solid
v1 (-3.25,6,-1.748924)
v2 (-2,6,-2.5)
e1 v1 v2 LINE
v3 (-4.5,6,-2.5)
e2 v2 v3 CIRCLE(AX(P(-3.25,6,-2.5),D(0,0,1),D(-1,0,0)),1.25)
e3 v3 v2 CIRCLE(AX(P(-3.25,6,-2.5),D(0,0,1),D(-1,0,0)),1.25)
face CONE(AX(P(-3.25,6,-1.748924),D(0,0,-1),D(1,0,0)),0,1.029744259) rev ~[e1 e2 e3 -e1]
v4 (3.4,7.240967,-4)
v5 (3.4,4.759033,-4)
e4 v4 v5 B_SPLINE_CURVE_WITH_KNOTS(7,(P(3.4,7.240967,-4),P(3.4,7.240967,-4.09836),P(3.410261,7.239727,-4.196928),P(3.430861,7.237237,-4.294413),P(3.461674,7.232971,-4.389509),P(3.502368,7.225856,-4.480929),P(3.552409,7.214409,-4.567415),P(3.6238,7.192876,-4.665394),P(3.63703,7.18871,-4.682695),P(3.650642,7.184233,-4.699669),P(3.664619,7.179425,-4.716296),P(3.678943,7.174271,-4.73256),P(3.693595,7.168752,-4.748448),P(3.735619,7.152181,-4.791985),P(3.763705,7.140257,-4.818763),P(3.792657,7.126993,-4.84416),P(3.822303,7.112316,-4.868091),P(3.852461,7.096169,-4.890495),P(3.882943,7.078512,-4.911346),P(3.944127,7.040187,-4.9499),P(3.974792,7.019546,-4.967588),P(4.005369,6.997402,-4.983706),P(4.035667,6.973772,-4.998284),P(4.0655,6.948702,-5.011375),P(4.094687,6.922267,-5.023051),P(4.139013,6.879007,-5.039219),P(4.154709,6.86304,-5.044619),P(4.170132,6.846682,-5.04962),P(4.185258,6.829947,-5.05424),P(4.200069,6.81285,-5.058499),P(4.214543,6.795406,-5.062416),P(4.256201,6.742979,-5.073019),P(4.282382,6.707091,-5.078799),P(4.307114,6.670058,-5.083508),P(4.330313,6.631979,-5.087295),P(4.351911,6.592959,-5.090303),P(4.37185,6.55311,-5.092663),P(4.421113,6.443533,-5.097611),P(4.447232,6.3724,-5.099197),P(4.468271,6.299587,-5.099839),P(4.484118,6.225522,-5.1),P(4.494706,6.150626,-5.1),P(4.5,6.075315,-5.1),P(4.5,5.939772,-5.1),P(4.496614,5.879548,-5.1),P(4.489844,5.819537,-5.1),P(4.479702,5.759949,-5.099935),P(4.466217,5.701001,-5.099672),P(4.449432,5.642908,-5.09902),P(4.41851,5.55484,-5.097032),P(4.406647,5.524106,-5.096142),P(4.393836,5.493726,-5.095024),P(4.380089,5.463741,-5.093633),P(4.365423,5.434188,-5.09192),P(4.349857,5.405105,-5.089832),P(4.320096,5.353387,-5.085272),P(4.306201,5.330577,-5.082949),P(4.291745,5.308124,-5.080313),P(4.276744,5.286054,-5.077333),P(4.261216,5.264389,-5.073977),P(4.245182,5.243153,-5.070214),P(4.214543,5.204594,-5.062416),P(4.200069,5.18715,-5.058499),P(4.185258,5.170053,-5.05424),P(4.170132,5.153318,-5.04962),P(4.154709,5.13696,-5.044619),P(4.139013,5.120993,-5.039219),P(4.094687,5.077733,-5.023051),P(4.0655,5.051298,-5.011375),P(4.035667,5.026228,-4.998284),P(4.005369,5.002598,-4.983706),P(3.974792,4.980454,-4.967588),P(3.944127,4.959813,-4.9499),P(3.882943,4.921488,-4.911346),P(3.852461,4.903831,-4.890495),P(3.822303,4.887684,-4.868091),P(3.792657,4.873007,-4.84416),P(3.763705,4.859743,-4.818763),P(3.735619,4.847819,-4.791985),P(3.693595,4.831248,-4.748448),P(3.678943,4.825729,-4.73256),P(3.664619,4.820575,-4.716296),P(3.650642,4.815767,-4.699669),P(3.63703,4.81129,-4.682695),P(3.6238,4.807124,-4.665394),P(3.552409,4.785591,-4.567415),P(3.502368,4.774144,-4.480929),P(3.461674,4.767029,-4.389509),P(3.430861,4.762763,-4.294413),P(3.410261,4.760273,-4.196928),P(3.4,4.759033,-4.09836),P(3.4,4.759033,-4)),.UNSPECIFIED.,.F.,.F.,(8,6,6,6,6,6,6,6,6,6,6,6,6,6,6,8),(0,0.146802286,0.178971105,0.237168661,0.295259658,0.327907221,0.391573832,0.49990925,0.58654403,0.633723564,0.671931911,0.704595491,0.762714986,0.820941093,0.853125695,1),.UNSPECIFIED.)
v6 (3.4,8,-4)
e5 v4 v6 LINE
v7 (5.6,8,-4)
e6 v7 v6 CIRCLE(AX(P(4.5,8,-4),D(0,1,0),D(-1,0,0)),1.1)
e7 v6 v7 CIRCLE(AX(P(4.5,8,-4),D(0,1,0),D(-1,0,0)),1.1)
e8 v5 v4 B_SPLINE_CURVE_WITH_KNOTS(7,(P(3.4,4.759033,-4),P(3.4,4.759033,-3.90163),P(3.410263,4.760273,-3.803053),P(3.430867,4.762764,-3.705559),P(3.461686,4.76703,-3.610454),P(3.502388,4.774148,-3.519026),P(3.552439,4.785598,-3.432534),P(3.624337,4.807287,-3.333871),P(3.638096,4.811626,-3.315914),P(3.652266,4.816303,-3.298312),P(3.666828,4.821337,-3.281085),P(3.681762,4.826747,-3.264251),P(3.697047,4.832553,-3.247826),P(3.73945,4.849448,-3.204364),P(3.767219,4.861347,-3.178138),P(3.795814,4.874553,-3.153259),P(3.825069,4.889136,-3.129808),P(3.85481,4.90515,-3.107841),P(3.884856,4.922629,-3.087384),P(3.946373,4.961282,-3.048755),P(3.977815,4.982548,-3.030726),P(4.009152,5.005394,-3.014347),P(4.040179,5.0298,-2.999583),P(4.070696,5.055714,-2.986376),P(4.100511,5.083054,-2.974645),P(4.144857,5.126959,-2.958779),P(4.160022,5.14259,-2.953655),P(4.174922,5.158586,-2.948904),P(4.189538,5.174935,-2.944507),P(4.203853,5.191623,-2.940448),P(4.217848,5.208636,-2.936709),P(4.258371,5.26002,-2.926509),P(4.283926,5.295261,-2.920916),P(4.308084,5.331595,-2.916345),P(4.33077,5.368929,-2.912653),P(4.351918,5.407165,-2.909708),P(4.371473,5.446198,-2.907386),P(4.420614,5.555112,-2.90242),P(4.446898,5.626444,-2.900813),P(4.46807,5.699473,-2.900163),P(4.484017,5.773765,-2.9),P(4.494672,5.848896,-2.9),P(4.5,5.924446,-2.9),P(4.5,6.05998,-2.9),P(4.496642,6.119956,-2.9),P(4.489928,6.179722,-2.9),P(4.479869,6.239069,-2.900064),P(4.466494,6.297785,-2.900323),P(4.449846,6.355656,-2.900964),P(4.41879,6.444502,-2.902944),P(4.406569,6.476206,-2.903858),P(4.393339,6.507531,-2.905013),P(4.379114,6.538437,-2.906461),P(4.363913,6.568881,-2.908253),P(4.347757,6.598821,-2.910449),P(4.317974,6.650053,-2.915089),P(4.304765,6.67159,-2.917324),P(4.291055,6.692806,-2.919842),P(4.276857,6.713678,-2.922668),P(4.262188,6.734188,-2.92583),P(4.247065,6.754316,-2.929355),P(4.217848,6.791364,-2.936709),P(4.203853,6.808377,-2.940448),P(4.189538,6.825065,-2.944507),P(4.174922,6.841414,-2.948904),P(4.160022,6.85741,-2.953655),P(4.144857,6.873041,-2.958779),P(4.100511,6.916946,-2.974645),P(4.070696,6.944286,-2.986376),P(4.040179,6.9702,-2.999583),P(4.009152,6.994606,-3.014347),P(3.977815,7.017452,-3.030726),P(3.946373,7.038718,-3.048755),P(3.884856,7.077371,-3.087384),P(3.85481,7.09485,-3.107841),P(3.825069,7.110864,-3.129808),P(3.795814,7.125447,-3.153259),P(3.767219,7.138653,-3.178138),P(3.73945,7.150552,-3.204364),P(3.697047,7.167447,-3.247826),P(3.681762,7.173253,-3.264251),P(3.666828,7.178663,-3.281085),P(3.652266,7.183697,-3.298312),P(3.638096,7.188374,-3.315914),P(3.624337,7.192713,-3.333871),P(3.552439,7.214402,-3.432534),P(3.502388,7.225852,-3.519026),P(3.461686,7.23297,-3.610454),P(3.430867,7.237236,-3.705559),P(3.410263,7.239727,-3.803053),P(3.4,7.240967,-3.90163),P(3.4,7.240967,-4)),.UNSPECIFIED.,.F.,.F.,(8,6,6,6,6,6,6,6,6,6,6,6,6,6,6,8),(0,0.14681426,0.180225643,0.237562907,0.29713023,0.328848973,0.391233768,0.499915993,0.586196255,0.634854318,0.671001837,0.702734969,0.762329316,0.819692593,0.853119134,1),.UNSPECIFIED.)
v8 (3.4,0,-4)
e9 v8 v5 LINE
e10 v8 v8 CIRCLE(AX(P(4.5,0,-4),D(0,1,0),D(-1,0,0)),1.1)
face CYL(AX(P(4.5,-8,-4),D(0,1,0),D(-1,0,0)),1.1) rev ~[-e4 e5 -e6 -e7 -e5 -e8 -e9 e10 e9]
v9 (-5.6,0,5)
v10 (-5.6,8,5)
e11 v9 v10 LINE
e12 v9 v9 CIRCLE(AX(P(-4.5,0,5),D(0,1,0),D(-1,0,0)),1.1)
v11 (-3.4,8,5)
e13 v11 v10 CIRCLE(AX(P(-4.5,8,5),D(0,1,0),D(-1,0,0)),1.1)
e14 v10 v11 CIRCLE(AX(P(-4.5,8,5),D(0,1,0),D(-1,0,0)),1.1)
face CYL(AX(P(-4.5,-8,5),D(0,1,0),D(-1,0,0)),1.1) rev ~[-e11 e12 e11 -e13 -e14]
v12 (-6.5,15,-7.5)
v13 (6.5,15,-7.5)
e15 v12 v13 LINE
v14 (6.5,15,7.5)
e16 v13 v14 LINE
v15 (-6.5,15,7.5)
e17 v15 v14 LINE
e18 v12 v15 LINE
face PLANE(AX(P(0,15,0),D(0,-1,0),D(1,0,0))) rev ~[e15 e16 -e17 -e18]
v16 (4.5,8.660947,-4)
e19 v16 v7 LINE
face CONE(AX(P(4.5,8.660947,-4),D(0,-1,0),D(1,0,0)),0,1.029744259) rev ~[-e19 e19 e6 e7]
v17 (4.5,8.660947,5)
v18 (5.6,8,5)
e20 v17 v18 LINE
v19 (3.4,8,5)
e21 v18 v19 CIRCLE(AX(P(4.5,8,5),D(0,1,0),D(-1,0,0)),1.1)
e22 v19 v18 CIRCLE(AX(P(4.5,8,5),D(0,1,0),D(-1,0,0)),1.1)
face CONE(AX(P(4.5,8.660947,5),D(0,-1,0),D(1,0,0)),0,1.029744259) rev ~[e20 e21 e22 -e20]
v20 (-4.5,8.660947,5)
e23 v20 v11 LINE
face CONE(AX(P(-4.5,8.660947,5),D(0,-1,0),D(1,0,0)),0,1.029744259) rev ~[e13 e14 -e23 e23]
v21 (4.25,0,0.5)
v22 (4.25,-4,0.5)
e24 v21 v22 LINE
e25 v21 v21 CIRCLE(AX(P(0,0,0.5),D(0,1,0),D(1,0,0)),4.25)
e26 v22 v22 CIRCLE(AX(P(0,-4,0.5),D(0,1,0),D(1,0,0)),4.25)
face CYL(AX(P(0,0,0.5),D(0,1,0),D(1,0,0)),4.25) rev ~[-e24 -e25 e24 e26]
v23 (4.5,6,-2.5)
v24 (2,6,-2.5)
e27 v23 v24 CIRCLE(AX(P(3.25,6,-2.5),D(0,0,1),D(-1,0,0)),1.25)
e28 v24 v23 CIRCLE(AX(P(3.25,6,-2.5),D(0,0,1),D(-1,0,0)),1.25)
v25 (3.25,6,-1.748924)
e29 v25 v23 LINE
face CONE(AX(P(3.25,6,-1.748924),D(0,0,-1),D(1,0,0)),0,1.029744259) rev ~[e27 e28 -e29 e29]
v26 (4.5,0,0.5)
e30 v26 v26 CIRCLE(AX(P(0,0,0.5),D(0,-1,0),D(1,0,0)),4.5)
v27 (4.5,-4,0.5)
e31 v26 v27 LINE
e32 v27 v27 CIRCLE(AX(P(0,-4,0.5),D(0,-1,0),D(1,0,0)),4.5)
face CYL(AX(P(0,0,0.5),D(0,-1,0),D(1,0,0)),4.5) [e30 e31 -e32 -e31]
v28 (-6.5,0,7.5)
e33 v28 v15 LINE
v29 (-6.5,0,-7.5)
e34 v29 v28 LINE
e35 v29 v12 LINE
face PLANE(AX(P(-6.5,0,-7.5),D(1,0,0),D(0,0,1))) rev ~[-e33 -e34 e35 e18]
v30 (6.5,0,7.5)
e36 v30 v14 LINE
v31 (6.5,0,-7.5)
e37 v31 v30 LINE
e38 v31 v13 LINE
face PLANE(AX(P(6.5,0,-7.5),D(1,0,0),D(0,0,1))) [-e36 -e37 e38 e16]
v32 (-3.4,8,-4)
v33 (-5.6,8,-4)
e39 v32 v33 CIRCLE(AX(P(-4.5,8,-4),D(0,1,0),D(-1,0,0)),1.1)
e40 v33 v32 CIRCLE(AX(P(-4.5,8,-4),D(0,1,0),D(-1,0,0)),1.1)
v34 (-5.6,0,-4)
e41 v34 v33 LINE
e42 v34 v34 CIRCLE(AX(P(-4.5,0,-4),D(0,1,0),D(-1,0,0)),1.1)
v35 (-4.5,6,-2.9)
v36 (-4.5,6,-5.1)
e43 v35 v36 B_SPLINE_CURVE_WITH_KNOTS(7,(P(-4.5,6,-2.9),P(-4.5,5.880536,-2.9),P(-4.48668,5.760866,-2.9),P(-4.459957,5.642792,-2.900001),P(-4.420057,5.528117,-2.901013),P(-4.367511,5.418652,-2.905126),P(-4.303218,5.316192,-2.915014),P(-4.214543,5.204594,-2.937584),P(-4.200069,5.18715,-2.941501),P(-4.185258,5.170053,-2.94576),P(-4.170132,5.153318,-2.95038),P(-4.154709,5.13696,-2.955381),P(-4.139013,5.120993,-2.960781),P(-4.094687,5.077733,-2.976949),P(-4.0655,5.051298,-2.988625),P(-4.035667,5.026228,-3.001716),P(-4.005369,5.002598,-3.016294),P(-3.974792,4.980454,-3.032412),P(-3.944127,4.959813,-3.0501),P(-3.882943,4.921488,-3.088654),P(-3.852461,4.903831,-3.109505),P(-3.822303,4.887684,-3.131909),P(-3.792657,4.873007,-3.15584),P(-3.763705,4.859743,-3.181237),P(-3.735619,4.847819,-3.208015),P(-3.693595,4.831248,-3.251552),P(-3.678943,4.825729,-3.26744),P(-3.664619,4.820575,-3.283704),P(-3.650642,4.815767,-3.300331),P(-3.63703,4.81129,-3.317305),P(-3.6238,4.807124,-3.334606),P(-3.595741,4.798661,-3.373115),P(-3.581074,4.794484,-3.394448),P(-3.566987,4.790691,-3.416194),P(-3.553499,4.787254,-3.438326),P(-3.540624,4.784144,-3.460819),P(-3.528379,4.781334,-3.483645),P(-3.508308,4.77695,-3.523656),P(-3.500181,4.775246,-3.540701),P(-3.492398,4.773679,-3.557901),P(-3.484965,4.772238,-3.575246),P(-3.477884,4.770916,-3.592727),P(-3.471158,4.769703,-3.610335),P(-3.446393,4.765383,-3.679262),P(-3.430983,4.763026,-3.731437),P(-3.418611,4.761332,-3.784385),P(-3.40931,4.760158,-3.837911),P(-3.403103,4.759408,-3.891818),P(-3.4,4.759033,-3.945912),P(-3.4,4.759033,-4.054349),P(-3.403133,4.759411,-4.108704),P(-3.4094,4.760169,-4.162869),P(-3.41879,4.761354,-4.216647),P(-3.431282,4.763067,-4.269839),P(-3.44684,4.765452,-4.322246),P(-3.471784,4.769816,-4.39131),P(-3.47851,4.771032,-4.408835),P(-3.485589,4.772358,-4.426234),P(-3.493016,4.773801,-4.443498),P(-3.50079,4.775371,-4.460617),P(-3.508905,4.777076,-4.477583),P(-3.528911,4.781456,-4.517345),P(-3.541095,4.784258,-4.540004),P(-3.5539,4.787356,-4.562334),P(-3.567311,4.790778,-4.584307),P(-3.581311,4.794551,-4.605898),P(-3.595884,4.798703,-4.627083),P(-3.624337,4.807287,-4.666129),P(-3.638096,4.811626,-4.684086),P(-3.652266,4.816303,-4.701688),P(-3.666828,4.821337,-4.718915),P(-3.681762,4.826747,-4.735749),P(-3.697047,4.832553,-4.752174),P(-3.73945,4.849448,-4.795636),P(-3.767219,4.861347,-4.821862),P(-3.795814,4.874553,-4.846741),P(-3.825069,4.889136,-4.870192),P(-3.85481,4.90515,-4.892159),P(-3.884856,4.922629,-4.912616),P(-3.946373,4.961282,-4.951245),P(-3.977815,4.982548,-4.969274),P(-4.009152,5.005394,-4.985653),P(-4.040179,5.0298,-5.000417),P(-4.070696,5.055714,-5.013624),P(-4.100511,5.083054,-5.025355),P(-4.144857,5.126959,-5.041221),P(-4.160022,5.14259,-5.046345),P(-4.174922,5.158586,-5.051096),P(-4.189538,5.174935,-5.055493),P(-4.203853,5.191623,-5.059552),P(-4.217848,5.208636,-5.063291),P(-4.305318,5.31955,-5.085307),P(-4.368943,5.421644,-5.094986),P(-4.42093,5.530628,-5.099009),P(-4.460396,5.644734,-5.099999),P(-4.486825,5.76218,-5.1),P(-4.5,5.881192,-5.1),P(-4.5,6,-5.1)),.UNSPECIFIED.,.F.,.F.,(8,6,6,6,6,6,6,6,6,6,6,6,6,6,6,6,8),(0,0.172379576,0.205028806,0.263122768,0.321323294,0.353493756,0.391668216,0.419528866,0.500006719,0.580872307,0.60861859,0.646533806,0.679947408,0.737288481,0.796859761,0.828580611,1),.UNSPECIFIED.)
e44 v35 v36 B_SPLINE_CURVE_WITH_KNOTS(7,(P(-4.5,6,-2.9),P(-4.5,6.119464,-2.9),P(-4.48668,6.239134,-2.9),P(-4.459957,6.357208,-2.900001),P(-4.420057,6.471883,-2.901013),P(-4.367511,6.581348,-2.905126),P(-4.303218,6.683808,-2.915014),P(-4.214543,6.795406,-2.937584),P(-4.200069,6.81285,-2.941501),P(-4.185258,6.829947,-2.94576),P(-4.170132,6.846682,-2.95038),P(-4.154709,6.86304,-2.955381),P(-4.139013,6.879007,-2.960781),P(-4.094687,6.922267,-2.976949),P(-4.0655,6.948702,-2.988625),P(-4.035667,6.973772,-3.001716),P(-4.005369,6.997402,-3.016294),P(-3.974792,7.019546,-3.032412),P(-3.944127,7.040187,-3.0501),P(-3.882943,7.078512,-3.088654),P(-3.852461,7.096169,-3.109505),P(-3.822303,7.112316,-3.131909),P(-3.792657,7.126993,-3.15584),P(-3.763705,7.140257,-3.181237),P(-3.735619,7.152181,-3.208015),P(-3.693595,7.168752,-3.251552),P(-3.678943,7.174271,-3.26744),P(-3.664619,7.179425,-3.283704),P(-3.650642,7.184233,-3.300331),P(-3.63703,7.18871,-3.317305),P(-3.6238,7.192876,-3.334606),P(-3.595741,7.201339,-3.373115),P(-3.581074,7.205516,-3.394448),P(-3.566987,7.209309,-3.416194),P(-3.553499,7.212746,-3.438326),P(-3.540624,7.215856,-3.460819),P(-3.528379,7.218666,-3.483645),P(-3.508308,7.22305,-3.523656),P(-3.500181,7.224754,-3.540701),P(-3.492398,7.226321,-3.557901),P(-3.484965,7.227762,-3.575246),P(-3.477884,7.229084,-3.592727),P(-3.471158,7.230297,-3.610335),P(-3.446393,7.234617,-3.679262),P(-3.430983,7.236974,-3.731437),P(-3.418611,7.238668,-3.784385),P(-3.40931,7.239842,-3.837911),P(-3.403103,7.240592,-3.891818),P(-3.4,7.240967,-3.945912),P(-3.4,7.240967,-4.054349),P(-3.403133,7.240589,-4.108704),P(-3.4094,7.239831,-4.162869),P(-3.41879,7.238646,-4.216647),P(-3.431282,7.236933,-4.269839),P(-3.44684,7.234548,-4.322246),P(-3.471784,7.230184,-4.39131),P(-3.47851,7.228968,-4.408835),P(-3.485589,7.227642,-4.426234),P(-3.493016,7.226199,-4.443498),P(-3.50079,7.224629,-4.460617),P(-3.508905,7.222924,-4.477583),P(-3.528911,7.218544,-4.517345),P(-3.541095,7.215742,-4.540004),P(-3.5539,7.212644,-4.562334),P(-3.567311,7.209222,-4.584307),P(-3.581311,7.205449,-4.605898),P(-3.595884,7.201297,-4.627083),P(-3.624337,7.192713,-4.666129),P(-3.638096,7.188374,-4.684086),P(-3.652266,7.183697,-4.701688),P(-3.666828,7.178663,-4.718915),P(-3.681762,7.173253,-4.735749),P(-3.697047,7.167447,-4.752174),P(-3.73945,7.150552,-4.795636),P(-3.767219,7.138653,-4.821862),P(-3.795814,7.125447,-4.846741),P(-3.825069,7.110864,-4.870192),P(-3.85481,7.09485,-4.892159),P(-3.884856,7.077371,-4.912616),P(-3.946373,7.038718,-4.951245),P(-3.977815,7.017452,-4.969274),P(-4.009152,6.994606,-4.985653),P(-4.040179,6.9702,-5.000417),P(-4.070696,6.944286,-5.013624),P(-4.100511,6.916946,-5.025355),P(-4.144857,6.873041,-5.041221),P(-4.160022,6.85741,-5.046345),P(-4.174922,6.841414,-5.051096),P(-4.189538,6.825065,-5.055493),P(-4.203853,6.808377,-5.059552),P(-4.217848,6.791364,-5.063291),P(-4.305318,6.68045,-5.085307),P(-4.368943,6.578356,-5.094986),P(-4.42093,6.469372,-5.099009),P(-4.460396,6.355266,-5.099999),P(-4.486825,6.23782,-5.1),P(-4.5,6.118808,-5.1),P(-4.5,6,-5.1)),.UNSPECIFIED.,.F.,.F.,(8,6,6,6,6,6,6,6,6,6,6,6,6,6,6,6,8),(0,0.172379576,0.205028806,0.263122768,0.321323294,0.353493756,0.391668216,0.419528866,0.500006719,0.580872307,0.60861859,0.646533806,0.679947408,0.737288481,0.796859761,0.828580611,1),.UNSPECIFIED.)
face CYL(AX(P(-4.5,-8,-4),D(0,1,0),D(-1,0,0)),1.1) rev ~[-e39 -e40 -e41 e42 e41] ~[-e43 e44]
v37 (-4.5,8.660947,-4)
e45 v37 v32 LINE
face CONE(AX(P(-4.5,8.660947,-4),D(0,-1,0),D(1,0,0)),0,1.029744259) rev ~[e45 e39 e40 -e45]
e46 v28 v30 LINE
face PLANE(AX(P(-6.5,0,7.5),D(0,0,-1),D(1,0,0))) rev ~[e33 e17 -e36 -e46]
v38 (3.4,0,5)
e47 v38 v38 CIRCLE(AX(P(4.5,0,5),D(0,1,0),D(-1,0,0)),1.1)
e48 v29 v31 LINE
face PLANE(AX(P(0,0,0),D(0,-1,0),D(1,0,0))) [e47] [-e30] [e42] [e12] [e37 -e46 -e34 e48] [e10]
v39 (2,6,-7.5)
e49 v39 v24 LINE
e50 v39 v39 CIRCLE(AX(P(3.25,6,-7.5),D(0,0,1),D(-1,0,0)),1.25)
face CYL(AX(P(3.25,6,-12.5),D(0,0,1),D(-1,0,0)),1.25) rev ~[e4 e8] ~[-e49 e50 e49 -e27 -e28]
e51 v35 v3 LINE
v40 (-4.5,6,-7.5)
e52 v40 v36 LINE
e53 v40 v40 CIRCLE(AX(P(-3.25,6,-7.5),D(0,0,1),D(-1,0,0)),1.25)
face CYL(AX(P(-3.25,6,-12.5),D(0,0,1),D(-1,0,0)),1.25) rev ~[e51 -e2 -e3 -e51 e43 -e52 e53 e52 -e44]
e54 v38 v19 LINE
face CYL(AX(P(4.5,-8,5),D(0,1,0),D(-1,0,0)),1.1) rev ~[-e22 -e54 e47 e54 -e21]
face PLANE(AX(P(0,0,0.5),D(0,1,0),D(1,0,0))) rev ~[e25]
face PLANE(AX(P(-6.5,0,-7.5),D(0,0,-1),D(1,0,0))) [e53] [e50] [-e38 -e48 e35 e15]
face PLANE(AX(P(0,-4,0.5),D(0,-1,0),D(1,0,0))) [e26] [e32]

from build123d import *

# Parameters (mm, degrees)
F0_R          = 4.5
F1_DEPTH      = 4
F1_DEPTH_BACK = 15
F0_W          = 13
F0_H          = 15
F2_DEPTH      = 15
F3_D          = 2.2
F3_DEPTH      = 8
F3_TIP        = 0.6609466809
F4_D          = 8.5
F4_DEPTH      = 8
F4_TIP        = 2.5536576309
F6_D          = 2.5
F6_DEPTH      = 5
F6_TIP        = 0.7510757738


with BuildPart() as f1:
    # F0 (on Front) → F1 (new body, two sides)
    with BuildSketch(Plane.XZ) as f1_sk:
        with Locations((0, 0.5)):
            Circle(F0_R)
    extrude(amount=F1_DEPTH)
    extrude(f1_sk.sketch, amount=-F1_DEPTH_BACK)

    # F0 (on Front) → F2 (join)
    with BuildSketch(Plane.XZ):
        Rectangle(F0_W, F0_H)
        with Locations((0, 0.5)):
            Circle(F0_R, mode=Mode.SUBTRACT)
    extrude(amount=-F2_DEPTH)

    # F3
    with Locations(Plane.XZ):
        with Locations((4.5, 5), (4.5, -4), (-4.5, 5), (-4.5, -4)):
            Hole(F3_D / 2, depth=F3_DEPTH)
            with Locations((0, 0, -(F3_DEPTH + F3_TIP / 2))):  # 118° drill point
                Cone(0, F3_D / 2, F3_TIP, mode=Mode.SUBTRACT)

    # F4 (one way)
    with BuildSketch(Plane(origin=(0, 0, 0), x_dir=(1, 0, 0), z_dir=(0, 1, 0))):
        with Locations((0, -0.5)):
            Circle(F4_D / 2)
    extrude(amount=-F4_DEPTH, mode=Mode.SUBTRACT)
    with Locations(Plane(origin=(0, 0, 0), x_dir=(1, 0, 0), z_dir=(0, 1, 0))):
        with Locations((0, -0.5)):
            with Locations((0, 0, -(F4_DEPTH + F4_TIP / 2))):  # 118° drill point
                Cone(0, F4_D / 2, F4_TIP, mode=Mode.SUBTRACT)

    # F6
    with Locations(Plane(origin=(0, 0, -7.5), x_dir=(1, 0, 0), z_dir=(0, 0, -1))):
        with Locations((-3.25, -6), (3.25, -6)):
            Hole(F6_D / 2, depth=F6_DEPTH)
            with Locations((0, 0, -(F6_DEPTH + F6_TIP / 2))):  # 118° drill point
                Cone(0, F6_D / 2, F6_TIP, mode=Mode.SUBTRACT)


solid = f1.part
